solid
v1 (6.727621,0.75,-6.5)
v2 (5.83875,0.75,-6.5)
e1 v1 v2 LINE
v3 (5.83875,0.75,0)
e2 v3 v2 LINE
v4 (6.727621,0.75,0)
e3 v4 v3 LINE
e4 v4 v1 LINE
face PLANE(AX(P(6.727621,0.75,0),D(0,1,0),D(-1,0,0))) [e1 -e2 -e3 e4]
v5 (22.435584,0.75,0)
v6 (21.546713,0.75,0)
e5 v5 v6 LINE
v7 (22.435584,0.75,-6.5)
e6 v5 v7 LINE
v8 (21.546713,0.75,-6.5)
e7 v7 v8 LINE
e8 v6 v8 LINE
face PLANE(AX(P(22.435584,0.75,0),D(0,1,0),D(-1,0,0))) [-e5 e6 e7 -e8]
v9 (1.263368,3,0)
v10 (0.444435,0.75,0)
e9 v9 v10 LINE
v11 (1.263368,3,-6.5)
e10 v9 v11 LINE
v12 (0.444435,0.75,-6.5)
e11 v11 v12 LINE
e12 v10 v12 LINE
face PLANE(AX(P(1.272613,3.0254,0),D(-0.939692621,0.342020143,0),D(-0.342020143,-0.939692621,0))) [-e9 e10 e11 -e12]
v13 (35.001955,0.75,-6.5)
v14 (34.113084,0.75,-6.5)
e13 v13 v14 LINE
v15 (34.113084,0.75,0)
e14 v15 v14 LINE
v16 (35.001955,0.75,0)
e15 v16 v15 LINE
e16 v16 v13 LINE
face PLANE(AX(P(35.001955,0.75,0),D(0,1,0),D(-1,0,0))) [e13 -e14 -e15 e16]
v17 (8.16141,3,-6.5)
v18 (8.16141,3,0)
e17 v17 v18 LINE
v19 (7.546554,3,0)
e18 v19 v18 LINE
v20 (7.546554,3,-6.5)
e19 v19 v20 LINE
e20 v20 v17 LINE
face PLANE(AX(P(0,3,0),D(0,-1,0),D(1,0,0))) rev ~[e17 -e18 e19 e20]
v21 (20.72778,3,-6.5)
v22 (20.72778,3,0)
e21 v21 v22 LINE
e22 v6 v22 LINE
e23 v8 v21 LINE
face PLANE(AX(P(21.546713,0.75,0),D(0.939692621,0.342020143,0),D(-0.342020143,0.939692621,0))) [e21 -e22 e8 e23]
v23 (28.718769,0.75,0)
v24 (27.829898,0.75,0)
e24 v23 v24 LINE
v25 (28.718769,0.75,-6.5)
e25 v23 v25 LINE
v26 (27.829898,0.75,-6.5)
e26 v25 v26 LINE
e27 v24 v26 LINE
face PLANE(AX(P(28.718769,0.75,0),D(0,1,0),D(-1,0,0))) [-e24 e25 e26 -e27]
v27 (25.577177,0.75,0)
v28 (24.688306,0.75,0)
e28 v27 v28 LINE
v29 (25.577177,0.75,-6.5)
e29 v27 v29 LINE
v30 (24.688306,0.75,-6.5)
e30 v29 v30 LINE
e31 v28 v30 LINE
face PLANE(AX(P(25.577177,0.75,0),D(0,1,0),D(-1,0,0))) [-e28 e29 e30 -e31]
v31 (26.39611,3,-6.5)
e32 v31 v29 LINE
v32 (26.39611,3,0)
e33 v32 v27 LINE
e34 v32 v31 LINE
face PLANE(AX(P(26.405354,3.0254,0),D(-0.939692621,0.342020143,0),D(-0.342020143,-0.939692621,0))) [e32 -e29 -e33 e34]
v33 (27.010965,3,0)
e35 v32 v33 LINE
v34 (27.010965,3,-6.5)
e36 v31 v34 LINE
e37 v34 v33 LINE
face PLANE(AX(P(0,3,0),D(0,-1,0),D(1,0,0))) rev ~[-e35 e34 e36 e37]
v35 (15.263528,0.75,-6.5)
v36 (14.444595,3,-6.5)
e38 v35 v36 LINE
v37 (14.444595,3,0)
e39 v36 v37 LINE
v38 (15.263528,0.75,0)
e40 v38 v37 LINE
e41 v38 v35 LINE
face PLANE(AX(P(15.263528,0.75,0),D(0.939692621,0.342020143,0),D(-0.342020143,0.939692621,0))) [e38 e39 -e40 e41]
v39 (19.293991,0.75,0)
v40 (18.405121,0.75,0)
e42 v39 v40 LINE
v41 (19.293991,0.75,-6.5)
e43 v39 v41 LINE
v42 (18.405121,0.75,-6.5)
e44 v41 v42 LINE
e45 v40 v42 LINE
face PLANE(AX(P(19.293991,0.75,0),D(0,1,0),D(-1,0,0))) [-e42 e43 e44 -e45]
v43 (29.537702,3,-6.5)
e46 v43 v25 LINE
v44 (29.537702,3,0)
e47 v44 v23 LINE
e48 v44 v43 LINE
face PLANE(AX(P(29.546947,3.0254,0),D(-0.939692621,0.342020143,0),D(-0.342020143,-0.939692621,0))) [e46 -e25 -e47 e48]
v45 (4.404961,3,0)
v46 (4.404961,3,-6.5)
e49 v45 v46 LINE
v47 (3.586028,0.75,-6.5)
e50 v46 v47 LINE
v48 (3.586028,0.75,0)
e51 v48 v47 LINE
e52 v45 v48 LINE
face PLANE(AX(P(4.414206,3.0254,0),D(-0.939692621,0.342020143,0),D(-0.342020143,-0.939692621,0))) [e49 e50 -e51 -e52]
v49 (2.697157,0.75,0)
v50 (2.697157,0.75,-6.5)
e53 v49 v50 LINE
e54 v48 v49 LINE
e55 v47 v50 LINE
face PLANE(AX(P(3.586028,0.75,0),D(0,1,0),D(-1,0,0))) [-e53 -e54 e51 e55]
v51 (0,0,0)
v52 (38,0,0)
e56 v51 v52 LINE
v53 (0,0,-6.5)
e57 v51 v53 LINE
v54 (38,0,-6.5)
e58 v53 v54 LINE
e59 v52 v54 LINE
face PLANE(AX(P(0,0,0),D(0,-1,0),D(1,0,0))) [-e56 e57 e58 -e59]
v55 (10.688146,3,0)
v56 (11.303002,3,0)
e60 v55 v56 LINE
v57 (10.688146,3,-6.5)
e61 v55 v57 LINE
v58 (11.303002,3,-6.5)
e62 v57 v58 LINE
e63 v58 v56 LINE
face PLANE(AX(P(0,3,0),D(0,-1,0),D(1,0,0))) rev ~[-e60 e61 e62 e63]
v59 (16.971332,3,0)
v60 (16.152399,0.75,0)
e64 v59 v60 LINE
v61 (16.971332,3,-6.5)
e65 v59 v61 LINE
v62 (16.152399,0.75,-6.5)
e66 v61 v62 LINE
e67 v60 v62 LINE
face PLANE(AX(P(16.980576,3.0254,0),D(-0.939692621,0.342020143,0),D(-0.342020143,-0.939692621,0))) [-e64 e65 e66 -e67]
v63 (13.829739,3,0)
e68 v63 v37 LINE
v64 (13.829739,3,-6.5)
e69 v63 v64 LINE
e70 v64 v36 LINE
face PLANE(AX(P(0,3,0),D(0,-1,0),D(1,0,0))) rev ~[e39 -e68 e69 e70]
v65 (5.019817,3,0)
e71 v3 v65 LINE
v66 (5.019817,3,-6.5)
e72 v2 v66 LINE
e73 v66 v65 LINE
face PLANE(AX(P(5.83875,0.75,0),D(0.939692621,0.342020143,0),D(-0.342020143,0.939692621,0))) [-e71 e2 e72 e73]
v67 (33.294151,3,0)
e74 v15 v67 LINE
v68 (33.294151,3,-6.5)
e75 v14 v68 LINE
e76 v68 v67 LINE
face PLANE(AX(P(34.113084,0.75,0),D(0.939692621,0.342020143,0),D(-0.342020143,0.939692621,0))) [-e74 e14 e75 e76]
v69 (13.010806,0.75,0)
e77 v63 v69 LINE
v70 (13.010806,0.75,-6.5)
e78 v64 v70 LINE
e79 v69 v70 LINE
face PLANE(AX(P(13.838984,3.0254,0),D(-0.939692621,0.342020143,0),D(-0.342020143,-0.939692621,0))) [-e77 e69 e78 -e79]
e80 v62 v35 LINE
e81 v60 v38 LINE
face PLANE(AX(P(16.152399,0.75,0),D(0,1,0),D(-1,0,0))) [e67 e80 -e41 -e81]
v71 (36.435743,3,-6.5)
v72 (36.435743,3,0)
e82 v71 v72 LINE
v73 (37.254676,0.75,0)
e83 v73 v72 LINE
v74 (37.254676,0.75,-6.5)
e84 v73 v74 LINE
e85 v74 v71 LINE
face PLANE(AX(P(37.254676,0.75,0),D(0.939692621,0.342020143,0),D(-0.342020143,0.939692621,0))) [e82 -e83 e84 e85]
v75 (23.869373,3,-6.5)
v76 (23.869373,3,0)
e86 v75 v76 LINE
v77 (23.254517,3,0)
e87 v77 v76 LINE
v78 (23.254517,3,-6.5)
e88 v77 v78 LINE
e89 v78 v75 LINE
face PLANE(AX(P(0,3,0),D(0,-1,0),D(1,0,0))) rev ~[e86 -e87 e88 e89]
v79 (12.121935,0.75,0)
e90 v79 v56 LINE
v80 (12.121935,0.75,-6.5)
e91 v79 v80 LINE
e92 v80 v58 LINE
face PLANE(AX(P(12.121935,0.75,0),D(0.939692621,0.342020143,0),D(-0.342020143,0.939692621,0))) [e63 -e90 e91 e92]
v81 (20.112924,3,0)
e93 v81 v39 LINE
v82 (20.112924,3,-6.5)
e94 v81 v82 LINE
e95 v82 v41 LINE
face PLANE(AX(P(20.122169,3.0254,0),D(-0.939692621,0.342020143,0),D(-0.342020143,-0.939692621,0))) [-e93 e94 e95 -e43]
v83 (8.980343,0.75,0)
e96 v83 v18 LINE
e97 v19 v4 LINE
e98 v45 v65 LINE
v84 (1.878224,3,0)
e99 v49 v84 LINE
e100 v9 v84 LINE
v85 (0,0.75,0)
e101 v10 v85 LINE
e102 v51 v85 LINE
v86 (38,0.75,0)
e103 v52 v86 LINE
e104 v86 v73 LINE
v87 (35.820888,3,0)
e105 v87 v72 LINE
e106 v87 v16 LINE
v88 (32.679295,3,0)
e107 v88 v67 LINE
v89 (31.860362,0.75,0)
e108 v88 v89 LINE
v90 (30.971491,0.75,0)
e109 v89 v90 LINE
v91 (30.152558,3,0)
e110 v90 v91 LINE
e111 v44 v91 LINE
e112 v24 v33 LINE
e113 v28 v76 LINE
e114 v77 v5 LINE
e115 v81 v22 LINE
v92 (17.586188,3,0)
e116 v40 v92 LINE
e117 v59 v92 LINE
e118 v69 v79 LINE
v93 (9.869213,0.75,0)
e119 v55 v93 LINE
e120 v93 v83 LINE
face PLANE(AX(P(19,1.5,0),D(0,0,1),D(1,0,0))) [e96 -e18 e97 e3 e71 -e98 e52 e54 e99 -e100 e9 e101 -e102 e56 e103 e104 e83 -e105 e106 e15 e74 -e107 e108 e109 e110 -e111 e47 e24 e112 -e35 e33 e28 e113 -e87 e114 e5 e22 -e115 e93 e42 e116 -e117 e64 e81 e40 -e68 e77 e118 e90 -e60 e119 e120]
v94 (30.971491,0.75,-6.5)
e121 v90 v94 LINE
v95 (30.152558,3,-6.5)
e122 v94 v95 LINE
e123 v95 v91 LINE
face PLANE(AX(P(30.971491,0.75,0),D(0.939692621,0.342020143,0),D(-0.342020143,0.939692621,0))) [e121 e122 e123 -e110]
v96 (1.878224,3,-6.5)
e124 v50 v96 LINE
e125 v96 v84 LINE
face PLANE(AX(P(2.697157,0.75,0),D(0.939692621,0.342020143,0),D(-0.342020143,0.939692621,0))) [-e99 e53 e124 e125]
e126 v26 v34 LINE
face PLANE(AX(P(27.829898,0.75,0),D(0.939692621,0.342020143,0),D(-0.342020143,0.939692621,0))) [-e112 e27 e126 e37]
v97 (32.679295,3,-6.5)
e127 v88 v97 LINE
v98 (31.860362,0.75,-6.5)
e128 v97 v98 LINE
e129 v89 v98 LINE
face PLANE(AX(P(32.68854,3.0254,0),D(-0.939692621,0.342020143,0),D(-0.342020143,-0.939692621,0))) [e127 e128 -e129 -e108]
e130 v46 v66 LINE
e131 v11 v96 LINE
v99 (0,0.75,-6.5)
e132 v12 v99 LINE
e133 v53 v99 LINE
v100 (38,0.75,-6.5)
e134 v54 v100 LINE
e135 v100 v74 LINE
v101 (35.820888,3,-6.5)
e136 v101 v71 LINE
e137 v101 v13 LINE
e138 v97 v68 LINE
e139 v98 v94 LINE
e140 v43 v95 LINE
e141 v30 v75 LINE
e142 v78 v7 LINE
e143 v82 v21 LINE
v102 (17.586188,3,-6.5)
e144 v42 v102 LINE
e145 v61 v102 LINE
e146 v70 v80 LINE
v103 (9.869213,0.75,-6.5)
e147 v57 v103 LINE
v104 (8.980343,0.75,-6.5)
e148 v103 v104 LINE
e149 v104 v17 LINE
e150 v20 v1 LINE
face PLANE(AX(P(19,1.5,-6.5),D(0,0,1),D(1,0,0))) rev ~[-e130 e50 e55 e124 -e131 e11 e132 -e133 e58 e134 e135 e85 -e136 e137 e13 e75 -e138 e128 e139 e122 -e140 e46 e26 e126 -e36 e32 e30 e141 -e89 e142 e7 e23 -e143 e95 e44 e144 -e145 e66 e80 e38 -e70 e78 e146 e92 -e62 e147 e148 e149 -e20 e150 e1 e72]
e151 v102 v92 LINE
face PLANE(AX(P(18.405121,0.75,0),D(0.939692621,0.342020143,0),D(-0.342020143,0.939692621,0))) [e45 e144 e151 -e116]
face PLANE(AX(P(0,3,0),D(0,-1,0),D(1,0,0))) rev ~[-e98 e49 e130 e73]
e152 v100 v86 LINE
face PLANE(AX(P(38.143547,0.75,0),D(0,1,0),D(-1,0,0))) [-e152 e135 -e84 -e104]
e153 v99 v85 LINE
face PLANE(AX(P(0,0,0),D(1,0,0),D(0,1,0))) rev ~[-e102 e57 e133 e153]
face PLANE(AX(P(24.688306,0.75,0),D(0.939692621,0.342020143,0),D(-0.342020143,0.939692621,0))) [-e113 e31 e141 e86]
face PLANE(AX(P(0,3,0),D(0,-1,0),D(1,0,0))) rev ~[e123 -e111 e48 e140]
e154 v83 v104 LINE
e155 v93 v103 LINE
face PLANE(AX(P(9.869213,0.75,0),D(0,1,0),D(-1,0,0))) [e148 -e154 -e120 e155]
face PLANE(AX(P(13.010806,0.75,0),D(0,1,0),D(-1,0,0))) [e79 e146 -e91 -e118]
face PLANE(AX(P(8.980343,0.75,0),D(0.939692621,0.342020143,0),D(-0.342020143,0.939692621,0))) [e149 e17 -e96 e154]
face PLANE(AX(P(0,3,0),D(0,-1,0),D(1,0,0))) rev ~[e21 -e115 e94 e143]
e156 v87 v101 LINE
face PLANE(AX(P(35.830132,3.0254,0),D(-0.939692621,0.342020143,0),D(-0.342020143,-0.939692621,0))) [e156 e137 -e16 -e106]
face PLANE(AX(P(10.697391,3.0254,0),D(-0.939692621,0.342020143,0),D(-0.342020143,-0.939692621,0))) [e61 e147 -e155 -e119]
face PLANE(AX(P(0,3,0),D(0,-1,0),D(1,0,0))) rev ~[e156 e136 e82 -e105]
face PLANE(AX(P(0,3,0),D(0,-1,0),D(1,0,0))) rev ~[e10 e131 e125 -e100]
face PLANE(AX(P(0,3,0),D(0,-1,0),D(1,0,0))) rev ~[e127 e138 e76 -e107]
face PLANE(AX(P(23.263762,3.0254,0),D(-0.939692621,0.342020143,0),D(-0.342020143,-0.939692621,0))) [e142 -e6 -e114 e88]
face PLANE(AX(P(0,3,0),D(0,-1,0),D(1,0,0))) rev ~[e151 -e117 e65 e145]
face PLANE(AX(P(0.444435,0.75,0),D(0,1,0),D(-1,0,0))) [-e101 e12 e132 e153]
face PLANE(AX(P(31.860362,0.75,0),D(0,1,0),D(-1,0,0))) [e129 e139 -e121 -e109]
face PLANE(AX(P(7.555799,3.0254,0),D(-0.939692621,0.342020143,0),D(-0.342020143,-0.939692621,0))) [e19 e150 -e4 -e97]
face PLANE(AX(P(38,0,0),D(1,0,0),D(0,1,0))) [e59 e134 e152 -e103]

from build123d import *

# Parameters (mm, degrees)
BLANKSKE_W        = 38
BLANKSKE_H        = 3
BLANK_DEPTH       = 6.5
TOOTHCUTSIM_DEPTH = 39.668462602
TEETHCUTS_COUNT   = 14
TEETHCUTS_PITCH   = 3.14159265


with BuildPart() as part:
    # BlankSke → Blank (new body)
    with BuildSketch(Plane.XY):
        with Locations((19, 1.5)):
            Rectangle(BLANKSKE_W, BLANKSKE_H)
    extrude(amount=-BLANK_DEPTH)

    # TooCutSkeSim → ToothCutSim (cut, through all)
    with BuildSketch(Plane.XY):
        Polygon((0.44443537, 0.75), (-0.44443537, 0.75), (-1.272613241, 3.0254), (1.272613241, 3.0254), align=None)
    toothcutsim = extrude(amount=-TOOTHCUTSIM_DEPTH, mode=Mode.SUBTRACT)

    # TeethCuts: ToothCutSim ×14
    with Locations(*[(i * TEETHCUTS_PITCH, 0, 0) for i in range(1, TEETHCUTS_COUNT)]):
        add(toothcutsim, mode=Mode.SUBTRACT)


solid = part.part
